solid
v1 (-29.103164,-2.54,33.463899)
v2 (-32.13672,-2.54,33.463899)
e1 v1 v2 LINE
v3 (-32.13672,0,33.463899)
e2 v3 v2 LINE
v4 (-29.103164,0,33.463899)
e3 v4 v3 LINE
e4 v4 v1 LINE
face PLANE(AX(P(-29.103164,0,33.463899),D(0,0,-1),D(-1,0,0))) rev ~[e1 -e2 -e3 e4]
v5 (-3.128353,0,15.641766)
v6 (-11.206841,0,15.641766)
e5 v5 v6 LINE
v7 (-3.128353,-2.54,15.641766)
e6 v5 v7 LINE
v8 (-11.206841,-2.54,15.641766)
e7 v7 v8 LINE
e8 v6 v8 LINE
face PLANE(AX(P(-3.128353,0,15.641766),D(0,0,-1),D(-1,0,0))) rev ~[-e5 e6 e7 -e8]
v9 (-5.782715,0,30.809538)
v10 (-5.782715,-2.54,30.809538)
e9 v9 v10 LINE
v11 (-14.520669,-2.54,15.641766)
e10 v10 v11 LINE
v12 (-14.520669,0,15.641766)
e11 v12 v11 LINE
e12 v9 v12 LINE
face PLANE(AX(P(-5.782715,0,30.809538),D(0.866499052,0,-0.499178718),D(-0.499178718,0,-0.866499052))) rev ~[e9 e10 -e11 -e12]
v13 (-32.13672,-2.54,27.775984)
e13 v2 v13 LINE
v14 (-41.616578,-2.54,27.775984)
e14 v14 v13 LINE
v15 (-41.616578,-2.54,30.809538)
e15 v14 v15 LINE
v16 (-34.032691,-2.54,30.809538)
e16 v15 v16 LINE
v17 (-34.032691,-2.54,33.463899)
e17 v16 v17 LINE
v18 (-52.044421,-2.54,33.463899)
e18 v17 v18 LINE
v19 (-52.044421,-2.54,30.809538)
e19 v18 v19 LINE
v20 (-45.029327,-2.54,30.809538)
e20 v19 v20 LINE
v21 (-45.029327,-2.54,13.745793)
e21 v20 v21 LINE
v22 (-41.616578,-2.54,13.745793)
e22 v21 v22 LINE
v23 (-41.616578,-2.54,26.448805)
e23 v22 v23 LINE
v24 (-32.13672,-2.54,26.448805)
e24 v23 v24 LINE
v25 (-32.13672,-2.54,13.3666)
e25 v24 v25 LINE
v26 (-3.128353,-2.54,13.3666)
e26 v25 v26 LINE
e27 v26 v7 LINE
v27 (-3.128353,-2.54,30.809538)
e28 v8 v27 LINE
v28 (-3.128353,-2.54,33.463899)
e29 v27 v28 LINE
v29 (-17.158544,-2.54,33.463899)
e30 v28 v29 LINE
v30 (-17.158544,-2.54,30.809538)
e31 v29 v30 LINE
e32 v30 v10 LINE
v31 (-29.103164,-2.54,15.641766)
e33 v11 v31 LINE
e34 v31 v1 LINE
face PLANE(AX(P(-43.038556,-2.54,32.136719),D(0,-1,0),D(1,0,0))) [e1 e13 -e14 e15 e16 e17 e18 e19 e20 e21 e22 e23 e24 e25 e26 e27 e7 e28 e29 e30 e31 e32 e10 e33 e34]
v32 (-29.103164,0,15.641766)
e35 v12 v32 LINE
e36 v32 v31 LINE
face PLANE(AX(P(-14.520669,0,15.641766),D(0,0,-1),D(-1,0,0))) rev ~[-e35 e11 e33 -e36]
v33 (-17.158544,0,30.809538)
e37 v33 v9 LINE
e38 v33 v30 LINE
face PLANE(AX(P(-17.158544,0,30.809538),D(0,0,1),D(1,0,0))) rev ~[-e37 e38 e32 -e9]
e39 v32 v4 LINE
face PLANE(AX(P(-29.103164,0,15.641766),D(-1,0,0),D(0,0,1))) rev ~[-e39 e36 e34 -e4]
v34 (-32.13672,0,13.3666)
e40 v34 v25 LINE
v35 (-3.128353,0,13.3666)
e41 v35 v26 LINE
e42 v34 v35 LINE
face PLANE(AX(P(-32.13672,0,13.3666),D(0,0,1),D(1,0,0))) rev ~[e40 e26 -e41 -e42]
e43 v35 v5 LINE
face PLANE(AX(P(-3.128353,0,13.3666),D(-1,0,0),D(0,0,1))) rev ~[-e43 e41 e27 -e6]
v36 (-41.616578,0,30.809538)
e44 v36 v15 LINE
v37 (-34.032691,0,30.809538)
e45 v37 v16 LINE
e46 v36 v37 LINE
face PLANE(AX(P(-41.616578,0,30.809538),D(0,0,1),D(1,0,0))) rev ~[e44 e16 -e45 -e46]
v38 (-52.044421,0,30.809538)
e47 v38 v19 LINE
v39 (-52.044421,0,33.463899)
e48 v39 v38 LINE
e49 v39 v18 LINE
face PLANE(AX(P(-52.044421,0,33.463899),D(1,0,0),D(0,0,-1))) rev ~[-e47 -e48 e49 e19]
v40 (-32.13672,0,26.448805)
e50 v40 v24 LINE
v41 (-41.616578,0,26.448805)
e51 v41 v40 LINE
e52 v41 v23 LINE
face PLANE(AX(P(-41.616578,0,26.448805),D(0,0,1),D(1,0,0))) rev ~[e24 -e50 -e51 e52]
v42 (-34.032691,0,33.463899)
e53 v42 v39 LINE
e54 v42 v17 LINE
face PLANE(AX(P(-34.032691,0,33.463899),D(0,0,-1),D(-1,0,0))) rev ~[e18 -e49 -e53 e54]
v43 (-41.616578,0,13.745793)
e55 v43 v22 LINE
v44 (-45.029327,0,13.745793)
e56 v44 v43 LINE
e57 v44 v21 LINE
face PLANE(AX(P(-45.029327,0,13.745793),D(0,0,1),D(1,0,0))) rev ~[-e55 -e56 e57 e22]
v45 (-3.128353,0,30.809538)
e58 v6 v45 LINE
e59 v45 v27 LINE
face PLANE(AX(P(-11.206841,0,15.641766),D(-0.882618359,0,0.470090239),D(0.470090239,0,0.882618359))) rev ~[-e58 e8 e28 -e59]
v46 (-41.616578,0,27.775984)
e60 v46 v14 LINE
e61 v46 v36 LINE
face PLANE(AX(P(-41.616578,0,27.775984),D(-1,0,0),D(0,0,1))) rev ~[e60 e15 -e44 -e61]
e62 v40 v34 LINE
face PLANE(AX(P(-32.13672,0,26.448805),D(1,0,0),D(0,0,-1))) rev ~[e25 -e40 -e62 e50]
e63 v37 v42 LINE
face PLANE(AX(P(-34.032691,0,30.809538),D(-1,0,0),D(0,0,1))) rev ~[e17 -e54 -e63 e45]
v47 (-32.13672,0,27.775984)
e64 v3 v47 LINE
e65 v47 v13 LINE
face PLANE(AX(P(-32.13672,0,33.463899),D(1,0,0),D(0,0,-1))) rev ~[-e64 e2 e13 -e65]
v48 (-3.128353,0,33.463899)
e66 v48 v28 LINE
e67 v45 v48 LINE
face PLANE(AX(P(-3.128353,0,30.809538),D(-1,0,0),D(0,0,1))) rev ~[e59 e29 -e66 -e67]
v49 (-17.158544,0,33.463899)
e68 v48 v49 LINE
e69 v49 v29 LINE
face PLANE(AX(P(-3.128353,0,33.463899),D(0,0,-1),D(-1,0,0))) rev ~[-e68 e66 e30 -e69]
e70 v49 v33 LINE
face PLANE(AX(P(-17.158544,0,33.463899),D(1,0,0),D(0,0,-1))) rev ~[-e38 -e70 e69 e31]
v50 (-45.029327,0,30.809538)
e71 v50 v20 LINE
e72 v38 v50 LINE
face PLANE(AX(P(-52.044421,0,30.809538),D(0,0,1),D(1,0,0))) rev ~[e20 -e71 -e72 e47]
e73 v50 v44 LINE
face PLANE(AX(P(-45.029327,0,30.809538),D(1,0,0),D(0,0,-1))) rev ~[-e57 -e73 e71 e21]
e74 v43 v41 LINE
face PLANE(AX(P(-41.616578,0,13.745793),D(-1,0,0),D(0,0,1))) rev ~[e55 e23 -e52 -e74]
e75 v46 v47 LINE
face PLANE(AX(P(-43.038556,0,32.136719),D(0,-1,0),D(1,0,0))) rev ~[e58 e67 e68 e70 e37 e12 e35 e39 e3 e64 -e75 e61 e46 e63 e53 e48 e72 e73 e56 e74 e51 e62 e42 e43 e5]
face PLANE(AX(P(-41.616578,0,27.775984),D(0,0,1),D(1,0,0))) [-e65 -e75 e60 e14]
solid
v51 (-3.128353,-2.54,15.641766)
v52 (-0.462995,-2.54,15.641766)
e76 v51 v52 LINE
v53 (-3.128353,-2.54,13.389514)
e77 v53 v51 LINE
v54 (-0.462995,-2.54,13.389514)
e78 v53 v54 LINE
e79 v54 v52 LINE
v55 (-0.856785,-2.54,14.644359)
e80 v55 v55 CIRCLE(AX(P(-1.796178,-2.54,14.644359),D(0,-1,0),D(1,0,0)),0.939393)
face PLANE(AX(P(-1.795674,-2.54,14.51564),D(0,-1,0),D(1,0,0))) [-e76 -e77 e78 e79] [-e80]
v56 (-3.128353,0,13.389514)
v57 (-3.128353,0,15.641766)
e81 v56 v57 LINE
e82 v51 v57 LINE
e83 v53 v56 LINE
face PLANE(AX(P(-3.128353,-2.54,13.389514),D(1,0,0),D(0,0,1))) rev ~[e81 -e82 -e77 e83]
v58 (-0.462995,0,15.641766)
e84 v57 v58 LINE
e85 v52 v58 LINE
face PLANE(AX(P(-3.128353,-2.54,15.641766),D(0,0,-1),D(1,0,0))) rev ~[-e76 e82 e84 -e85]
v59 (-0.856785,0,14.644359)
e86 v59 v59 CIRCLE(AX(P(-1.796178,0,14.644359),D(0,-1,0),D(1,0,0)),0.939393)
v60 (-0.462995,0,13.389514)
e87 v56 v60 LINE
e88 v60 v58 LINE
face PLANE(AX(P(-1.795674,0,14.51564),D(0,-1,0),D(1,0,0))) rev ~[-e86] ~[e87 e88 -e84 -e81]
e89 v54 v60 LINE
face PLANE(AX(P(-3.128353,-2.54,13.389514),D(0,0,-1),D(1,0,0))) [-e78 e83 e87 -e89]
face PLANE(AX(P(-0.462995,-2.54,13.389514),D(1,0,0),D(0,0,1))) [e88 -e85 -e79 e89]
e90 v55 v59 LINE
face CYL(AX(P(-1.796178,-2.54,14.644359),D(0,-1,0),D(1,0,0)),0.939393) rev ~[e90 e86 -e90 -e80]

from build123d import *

# Parameters (mm, degrees)
F0_W     = 9.4798579812
F0_H     = 1.3271793723
F0_W_2   = 10.9966341406
F0_H_2   = 2.2751661018
F1_DEPTH = 2.54
F2_W     = 2.665358712
F2_H     = 2.2522518411
F3_DEPTH = 2.54
F4_R     = 0.9393932001
F5_DEPTH = 25.4


with BuildPart() as f1:
    # F0 (on Front) → F1 (new body)
    with BuildSketch(Plane.XZ):
        Polygon((-34.0326912701, 33.4638990462), (-52.0444214344, 33.4638990462), (-52.0444214344, 30.8095384389), (-45.0293272734, 30.8095384389), (-41.6165776551, 30.8095384389), (-34.0326912701, 30.8095384389), align=None)
        Polygon((-41.6165776551, 30.8095384389), (-45.0293272734, 30.8095384389), (-45.0293272734, 13.7457931414), (-41.6165776551, 13.7457931414), (-41.6165776551, 26.4488048851), (-41.6165776551, 27.7759842575), align=None)
        with Locations((-36.8766486645, 27.1123945713)):
            Rectangle(F0_W, F0_H)
        Polygon((-32.1367196739, 33.4638990462), (-32.1367196739, 27.7759842575), (-32.1367196739, 26.4488048851), (-32.1367196739, 13.3665995672), (-29.1031636298, 13.3665995672), (-29.1031636298, 15.641765669), (-29.1031636298, 31.9471210241), (-29.1031636298, 33.4638990462), align=None)
        with Locations((-23.6048465595, 14.5041826181)):
            Rectangle(F0_W_2, F0_H_2)
        Polygon((-18.1065294892, 15.641765669), (-18.1065294892, 13.3665995672), (-15.8313624561, 13.3665995672), (-14.5206691614, 15.641765669), align=None)
        Polygon((-14.5206691614, 15.641765669), (-15.8313624561, 13.3665995672), (-12.4186147004, 13.3665995672), (-12.4186147004, 15.641765669), align=None)
        Polygon((-5.7827145793, 30.8095384389), (-14.5206691614, 15.641765669), (-12.4186147004, 15.641765669), (-12.4186147004, 13.3665995672), (-11.2068413846, 15.641765669), (-3.1283532735, 30.8095384389), align=None)
        Polygon((-11.2068413846, 15.641765669), (-12.4186147004, 13.3665995672), (-3.1283532735, 13.3665995672), (-3.1283532735, 15.641765669), align=None)
        Polygon((-17.158543691, 30.8095384389), (-5.7827145793, 30.8095384389), (-3.1283532735, 30.8095384389), (-3.1283532735, 33.4638990462), (-17.158543691, 33.4638990462), (-17.158543691, 31.9471210241), align=None)
    extrude(amount=F1_DEPTH)


with BuildPart() as f3:
    # F2 (on face) → F3 (new body)
    with BuildSketch(Plane.XZ.offset(2.54)):
        with Locations((-1.7956739175, 14.5156397484)):
            Rectangle(F2_W, F2_H)
    extrude(amount=-F3_DEPTH)

    # F4 (on face) → F5 (cut)
    with BuildSketch(Plane.XZ.offset(2.54)):
        with Locations((-1.7961780541, 14.6443592384)):
            Circle(F4_R)
    extrude(amount=-F5_DEPTH, mode=Mode.SUBTRACT)


solid = Compound([f1.part, f3.part])
